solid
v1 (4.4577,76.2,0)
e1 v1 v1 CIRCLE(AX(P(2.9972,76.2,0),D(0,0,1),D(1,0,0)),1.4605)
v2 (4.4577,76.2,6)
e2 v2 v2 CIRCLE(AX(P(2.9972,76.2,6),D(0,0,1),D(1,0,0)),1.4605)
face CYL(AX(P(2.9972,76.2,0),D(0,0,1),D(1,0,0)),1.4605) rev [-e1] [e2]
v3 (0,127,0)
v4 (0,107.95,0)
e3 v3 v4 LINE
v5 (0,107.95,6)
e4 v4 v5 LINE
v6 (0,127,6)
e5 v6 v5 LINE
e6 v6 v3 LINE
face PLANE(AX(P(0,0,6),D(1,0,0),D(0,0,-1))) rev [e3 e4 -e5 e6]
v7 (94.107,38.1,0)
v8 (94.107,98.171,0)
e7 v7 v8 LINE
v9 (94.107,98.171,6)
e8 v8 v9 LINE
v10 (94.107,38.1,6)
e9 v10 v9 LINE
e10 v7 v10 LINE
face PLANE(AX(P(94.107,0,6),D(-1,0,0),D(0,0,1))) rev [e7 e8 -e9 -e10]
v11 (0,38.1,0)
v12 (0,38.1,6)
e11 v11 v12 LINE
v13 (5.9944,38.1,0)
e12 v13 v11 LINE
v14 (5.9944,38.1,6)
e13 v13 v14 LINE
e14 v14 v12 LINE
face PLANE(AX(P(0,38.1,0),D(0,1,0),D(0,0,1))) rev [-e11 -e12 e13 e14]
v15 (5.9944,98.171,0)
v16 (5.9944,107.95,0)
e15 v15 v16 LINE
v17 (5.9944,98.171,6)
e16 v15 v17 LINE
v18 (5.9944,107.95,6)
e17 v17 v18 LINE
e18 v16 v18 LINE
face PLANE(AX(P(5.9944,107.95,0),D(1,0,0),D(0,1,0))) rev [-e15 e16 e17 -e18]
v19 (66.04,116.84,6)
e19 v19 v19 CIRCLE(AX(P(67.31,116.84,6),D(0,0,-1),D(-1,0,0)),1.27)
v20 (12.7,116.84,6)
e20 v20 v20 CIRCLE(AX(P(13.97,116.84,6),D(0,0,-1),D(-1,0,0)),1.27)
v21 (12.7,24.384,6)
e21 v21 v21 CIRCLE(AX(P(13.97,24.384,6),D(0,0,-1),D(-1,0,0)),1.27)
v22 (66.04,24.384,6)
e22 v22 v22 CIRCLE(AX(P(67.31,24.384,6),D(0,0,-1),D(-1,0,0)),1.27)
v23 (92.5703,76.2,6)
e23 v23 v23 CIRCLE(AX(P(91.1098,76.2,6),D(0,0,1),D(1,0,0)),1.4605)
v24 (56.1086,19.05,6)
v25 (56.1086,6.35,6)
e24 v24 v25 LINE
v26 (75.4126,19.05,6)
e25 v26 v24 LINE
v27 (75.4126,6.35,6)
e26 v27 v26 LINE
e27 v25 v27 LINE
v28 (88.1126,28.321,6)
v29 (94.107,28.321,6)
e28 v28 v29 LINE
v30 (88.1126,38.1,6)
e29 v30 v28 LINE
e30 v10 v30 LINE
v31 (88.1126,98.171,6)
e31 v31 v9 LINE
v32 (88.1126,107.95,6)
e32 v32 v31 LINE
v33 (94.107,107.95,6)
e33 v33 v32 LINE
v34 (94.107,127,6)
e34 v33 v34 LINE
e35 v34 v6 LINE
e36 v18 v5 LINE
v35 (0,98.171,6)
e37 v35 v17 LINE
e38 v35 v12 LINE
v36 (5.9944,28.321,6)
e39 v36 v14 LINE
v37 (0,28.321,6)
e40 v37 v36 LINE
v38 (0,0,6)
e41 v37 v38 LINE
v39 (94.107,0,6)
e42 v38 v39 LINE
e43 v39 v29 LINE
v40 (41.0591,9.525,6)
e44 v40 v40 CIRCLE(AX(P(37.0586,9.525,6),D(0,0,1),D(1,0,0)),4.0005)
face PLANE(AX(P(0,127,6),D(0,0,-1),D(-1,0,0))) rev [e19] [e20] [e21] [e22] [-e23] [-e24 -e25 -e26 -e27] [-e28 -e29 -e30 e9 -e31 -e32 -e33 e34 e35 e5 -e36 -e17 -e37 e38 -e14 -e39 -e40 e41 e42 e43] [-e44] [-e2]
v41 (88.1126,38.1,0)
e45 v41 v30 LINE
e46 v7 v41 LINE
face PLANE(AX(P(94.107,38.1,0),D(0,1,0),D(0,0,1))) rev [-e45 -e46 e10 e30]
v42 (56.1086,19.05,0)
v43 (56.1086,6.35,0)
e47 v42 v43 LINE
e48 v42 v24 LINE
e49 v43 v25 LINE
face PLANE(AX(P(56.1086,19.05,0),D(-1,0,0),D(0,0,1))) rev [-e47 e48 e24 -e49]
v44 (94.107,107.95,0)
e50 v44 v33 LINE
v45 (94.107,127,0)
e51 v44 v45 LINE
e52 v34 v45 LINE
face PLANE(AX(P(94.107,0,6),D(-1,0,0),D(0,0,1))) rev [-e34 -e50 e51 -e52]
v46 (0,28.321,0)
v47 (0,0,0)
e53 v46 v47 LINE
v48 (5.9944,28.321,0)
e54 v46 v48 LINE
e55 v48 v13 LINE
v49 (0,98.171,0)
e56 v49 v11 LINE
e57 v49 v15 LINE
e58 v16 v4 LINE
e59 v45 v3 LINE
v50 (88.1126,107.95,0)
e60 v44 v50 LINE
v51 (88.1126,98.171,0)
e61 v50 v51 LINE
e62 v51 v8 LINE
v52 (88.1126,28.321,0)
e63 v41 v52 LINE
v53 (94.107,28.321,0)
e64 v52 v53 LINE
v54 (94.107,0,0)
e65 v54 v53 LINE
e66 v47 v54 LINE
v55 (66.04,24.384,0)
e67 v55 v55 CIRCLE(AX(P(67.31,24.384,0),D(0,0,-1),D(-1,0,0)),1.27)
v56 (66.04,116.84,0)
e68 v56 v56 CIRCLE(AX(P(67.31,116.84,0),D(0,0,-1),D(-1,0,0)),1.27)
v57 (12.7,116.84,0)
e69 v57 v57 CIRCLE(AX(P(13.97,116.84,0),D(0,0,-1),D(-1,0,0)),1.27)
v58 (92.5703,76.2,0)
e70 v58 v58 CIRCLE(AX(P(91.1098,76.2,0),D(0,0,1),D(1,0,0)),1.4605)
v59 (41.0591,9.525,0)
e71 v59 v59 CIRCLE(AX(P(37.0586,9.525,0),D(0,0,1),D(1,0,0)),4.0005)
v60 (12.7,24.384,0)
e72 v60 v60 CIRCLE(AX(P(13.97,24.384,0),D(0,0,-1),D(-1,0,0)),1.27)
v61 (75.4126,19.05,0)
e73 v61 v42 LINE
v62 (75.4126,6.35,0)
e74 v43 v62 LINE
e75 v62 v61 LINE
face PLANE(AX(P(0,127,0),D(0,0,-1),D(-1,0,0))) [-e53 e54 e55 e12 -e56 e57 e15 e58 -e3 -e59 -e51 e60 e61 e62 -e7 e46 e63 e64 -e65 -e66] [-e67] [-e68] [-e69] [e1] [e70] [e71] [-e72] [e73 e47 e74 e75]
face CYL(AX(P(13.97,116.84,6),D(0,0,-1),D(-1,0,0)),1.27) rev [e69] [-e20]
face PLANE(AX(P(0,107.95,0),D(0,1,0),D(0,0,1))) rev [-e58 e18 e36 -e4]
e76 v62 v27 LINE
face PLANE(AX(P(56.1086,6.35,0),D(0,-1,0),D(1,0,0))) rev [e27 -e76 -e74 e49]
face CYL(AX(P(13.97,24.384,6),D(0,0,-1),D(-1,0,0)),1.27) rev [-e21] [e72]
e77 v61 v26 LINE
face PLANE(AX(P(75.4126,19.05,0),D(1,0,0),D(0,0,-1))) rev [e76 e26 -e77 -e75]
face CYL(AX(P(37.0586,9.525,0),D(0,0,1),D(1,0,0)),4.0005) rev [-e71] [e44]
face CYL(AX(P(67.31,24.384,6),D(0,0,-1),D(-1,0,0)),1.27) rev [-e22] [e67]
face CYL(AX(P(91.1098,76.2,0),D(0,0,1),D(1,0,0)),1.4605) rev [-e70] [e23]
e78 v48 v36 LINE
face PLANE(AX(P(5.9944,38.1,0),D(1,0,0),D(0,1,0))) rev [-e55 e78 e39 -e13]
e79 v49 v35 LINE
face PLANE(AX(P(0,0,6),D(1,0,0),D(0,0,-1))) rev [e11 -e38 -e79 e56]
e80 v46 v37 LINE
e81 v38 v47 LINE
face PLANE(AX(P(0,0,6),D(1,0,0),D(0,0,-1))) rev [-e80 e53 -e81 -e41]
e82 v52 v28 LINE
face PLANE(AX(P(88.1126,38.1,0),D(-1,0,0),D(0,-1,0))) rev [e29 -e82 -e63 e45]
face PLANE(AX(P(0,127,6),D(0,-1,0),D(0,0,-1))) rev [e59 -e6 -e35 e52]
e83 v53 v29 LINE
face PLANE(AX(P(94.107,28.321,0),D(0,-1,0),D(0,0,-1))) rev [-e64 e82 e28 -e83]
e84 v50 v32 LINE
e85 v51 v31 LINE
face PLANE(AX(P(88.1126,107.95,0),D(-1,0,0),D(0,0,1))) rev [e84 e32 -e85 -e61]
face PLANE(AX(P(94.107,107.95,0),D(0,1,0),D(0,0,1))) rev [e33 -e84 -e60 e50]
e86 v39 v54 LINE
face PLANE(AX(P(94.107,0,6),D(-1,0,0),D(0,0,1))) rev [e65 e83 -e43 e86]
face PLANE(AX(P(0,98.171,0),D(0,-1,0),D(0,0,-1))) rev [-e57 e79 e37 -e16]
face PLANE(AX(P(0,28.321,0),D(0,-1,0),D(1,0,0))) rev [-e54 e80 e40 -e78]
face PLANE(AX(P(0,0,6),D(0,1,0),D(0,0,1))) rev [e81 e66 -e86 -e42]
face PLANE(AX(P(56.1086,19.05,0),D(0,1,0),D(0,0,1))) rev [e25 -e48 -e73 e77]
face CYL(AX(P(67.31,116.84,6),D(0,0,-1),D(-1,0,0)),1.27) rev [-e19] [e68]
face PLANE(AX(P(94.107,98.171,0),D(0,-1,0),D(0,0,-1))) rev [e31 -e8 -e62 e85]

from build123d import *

# Parameters (mm, degrees)
SKETCH1_W           = 94.107
SKETCH1_H           = 127
BOSS_EXTRUDE1_DEPTH = 6
SKETCH2_W           = 5.9944
SKETCH2_H           = 9.779
CUT_EXTRUDE1_DEPTH  = 159.180679759
SKETCH3_R           = 1.27
CUT_EXTRUDE2_DEPTH  = 159.180679759
SKETCH4_R           = 4.0005
SKETCH4_W           = 19.304
SKETCH4_H           = 12.7
CUT_EXTRUDE3_DEPTH  = 159.180679759
SKETCH5_R           = 1.4605
CUT_EXTRUDE4_DEPTH  = 159.180679759


with BuildPart() as part:
    # Sketch1 → Boss-Extrude1 (new body)
    with BuildSketch(Plane.XY):
        with Locations((47.0535, 63.5)):
            Rectangle(SKETCH1_W, SKETCH1_H)
    extrude(amount=BOSS_EXTRUDE1_DEPTH)

    # Sketch2 → Cut-Extrude1 (cut, through all)
    with BuildSketch(Plane.XY.offset(6)):
        with Locations((2.9972, 103.0605)):
            Rectangle(SKETCH2_W, SKETCH2_H)
        with Locations((91.1098, 103.0605)):
            Rectangle(SKETCH2_W, SKETCH2_H)
        with Locations((2.9972, 33.2105)):
            Rectangle(SKETCH2_W, SKETCH2_H)
        with Locations((91.1098, 33.2105)):
            Rectangle(SKETCH2_W, SKETCH2_H)
    extrude(amount=-CUT_EXTRUDE1_DEPTH, mode=Mode.SUBTRACT)

    # Sketch3 → Cut-Extrude2 (cut, through all)
    with BuildSketch(Plane(origin=(0, 0, 0), x_dir=(-1, 0, 0), z_dir=(0, 0, -1))):
        with Locations((-67.31, 24.384)):
            Circle(SKETCH3_R)
        with Locations((-67.31, 116.84)):
            Circle(SKETCH3_R)
        with Locations((-13.97, 116.84)):
            Circle(SKETCH3_R)
        with Locations((-13.97, 24.384)):
            Circle(SKETCH3_R)
    extrude(amount=-CUT_EXTRUDE2_DEPTH, mode=Mode.SUBTRACT)

    # Sketch4 → Cut-Extrude3 (cut, through all)
    with BuildSketch(Plane.XY.offset(6)):
        with Locations((37.0586, 9.525)):
            Circle(SKETCH4_R)
        with Locations((65.7606, 12.7)):
            Rectangle(SKETCH4_W, SKETCH4_H)
    extrude(amount=-CUT_EXTRUDE3_DEPTH, mode=Mode.SUBTRACT)

    # Sketch5 → Cut-Extrude4 (cut, through all)
    with BuildSketch(Plane.XY.offset(6)):
        with Locations((2.9972, 76.2)):
            Circle(SKETCH5_R)
        with Locations((91.1098, 76.2)):
            Circle(SKETCH5_R)
    extrude(amount=-CUT_EXTRUDE4_DEPTH, mode=Mode.SUBTRACT)


solid = part.part
